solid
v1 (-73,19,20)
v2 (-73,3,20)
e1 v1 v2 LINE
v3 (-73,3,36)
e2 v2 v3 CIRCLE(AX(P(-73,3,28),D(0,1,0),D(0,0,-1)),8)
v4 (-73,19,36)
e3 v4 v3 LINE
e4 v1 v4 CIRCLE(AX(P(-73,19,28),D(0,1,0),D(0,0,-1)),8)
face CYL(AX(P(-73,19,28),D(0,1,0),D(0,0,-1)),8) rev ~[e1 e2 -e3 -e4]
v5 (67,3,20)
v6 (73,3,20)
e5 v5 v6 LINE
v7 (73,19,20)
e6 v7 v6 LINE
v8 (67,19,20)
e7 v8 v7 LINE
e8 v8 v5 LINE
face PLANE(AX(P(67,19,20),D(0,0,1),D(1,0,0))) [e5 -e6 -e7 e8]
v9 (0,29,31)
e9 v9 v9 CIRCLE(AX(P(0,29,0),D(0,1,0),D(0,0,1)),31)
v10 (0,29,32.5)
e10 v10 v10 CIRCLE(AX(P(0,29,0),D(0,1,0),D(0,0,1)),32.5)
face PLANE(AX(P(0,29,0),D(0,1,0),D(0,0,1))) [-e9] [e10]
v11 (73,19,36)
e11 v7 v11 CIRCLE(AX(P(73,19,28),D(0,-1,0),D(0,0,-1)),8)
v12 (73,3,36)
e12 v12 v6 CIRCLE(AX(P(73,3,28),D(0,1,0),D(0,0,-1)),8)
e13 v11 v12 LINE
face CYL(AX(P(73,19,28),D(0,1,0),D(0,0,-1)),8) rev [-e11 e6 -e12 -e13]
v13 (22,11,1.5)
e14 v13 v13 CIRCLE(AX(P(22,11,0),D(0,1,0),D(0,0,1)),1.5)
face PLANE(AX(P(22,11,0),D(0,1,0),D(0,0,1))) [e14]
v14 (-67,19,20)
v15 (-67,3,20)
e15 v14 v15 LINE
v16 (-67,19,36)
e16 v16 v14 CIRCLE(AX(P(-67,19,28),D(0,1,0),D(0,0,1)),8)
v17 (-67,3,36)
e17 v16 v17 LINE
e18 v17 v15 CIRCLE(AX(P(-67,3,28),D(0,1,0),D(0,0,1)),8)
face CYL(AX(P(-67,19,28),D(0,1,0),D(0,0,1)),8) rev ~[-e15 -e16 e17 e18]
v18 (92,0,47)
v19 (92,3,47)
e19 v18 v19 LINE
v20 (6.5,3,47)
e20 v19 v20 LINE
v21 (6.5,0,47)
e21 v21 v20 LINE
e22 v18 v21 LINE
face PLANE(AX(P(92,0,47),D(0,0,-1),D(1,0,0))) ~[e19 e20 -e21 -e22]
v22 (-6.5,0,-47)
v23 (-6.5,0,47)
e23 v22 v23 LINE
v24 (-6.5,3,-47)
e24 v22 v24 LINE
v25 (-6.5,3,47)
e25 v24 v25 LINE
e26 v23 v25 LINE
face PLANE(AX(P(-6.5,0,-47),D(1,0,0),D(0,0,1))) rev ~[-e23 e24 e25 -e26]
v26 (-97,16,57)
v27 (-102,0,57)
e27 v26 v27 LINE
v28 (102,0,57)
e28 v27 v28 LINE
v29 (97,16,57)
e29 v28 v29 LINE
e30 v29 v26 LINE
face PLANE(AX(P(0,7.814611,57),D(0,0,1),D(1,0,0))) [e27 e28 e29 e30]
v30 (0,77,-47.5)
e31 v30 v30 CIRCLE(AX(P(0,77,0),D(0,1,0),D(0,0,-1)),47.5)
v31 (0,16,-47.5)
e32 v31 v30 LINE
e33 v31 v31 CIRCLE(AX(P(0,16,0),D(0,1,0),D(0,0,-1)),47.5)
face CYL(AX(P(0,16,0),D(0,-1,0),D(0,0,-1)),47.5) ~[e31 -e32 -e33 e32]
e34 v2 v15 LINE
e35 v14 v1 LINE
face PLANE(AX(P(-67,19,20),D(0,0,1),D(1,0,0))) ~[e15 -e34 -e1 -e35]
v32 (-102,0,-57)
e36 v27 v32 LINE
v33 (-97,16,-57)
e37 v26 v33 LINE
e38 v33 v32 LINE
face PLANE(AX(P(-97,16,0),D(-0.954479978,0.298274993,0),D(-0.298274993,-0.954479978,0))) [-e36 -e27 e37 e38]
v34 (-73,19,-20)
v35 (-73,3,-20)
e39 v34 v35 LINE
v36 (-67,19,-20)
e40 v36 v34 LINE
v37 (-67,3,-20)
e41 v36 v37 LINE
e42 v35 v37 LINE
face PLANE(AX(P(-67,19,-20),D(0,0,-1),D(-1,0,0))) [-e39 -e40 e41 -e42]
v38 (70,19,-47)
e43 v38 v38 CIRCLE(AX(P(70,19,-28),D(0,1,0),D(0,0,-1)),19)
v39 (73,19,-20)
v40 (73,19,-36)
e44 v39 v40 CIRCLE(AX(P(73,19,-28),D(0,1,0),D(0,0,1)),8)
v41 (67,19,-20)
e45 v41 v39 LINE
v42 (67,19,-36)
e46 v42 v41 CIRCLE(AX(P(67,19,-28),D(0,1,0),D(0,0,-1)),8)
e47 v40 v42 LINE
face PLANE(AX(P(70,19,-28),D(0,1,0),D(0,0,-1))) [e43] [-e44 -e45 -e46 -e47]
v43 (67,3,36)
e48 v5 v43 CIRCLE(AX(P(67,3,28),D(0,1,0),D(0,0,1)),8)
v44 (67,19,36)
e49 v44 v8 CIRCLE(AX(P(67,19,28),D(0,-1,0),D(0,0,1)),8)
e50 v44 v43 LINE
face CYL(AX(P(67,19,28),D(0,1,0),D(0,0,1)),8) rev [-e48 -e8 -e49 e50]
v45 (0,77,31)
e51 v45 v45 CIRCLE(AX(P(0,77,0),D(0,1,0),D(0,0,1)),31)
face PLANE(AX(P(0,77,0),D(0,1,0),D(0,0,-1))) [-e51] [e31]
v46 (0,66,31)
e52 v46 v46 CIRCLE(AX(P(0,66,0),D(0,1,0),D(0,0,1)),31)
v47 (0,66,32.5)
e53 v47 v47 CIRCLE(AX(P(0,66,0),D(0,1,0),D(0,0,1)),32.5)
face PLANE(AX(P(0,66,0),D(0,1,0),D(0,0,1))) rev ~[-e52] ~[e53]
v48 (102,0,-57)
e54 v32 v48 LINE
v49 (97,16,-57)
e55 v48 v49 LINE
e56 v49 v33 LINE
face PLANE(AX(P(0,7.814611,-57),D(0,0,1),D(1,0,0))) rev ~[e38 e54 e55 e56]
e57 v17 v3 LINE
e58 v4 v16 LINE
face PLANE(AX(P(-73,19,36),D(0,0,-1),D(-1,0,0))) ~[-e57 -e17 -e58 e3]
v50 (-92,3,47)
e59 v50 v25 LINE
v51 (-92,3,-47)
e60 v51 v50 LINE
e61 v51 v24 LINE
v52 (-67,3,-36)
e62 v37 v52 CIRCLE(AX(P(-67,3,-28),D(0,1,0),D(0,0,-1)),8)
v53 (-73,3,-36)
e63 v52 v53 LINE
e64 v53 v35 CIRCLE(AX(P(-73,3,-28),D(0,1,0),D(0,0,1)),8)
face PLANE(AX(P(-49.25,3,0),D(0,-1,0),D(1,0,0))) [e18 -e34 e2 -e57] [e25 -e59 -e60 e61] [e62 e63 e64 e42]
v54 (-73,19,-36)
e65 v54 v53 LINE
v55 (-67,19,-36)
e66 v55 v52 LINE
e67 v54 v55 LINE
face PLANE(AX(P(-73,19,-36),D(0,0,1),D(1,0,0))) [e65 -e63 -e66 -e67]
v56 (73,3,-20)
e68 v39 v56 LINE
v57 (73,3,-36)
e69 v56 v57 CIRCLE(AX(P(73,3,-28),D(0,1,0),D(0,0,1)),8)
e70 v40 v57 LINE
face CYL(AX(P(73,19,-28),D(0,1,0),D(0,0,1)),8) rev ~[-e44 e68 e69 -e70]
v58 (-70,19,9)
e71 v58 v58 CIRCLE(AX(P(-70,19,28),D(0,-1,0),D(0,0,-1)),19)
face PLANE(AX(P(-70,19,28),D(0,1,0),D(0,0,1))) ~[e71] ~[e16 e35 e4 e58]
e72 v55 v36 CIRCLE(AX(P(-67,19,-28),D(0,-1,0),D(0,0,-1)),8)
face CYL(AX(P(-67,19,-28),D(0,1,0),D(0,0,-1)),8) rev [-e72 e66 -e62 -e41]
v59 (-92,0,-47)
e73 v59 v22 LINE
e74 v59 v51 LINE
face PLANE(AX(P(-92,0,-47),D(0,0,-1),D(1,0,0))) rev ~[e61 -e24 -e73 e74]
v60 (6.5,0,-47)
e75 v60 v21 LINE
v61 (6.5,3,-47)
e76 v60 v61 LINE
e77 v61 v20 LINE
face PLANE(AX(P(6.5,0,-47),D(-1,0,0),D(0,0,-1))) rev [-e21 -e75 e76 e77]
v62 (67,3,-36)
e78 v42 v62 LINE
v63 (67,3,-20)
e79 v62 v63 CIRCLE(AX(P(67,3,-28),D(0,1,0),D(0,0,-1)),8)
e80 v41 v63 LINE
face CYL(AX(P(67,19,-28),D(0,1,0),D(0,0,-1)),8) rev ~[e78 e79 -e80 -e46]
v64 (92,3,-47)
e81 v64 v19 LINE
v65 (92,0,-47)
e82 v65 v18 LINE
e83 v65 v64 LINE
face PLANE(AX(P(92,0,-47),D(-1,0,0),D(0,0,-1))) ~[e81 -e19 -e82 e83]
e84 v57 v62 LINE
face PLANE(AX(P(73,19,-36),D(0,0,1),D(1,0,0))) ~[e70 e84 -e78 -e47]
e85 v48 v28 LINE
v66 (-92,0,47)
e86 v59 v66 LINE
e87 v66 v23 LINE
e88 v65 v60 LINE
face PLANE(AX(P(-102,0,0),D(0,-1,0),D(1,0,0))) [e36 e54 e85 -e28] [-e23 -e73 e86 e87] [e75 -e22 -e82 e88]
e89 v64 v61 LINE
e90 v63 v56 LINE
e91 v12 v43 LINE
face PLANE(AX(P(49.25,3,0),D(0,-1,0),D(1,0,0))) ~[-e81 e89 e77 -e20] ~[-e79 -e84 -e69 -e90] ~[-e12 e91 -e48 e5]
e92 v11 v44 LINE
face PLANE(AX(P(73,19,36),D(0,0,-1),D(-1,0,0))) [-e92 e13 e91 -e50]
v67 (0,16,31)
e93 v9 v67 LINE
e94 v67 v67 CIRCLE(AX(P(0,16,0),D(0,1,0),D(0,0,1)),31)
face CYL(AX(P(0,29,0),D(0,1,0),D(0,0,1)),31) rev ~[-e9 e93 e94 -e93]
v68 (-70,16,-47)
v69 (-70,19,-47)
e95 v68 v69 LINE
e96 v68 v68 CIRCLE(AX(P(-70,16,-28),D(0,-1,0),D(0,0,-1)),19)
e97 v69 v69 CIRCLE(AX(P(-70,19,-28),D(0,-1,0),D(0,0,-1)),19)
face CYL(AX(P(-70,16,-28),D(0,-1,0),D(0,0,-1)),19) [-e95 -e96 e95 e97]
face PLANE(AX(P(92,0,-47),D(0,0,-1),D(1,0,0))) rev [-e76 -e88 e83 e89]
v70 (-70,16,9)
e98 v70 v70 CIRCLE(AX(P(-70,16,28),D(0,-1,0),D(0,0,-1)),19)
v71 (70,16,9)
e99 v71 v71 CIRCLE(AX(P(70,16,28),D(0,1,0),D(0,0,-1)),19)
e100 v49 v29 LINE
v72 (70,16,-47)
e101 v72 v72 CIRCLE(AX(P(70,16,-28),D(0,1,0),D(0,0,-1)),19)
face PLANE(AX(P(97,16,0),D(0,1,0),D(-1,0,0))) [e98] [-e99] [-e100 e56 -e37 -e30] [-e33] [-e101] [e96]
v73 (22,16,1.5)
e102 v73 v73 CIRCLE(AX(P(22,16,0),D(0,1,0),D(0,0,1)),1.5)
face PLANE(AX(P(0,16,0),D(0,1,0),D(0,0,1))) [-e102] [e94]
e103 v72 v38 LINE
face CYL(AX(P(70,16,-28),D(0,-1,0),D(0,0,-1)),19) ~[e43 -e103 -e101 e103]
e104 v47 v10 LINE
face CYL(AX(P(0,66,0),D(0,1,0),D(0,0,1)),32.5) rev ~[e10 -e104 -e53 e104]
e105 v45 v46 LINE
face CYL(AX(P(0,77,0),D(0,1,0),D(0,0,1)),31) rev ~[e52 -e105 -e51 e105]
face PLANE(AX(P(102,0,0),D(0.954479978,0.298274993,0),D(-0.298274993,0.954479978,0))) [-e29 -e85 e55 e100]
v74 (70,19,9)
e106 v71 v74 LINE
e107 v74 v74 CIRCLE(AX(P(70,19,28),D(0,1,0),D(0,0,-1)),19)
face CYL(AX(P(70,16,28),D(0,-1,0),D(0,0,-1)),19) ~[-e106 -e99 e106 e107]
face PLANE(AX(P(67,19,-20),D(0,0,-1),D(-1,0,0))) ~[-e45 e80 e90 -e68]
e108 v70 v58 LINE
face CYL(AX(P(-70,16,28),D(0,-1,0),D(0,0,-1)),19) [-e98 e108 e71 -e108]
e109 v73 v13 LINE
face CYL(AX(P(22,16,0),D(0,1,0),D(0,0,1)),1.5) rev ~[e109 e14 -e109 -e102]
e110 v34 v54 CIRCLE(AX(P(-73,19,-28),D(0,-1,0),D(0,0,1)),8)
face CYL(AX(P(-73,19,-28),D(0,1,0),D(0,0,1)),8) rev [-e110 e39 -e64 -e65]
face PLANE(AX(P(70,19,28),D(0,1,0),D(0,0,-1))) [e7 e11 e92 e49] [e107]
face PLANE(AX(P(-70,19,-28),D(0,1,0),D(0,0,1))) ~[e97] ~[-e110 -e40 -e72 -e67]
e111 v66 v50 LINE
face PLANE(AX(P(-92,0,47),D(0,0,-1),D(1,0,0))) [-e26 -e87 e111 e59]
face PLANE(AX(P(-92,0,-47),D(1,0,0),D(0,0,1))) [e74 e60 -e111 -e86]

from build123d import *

# Parameters (mm, degrees)
BOSS_EXTRUDE1_DEPTH  = 57
SKETCH2_W            = 85.5
SKETCH2_H            = 94
CUT_EXTRUDE1_DEPTH   = 3
SKETCH4_R            = 47.5
BOSS_EXTRUDE2_DEPTH  = 61
SKETCH6_R            = 19
BOSS_EXTRUDE4_DEPTH  = 3
CUT_EXTRUDE2_DEPTH   = 20
MIRROR4_COPY_1_DEPTH = 20
SKETCH10_R           = 31
CUT_EXTRUDE3_DEPTH   = 11
SKETCH11_R           = 32.5
CUT_EXTRUDE4_DEPTH   = 37
SKETCH12_R           = 31
CUT_EXTRUDE5_DEPTH   = 13
SKETCH13_R           = 1.5
CUT_EXTRUDE6_DEPTH   = 5


with BuildPart() as part:
    # Sketch1 → Boss-Extrude1 (new body, symmetric)
    with BuildSketch(Plane.XY):
        Polygon((-102, 0), (102, 0), (97, 16), (-97, 16), align=None)
    extrude(amount=BOSS_EXTRUDE1_DEPTH, both=True)

    # Sketch2 → Cut-Extrude1 (cut)
    with BuildSketch(Plane.XZ):
        with Locations((-49.25, 0)):
            Rectangle(SKETCH2_W, SKETCH2_H)
    cut_extrude1 = extrude(amount=-CUT_EXTRUDE1_DEPTH, mode=Mode.SUBTRACT)

    # Mirror1: Cut-Extrude1 across plane
    add(cut_extrude1.mirror(Plane(origin=(0, 0, 0), x_dir=(0, 0, 1), z_dir=(1, 0, 0))), mode=Mode.SUBTRACT)

    # Sketch4 → Boss-Extrude2 (add)
    with BuildSketch(Plane(origin=(0, 16, 0), x_dir=(1, 0, 0), z_dir=(0, 1, 0))):
        with Locations(Location((0, 0, 0), (0, 0, 90))):  # turned: the seam where the file's is
            Circle(SKETCH4_R)
    extrude(amount=BOSS_EXTRUDE2_DEPTH)

    # Sketch6 → Boss-Extrude4 (add)
    with BuildSketch(Plane(origin=(0, 16, 0), x_dir=(1, 0, 0), z_dir=(0, 1, 0))):
        with Locations(Location((70, -28, 0), (0, 0, 90))):  # turned: the seam where the file's is
            Circle(SKETCH6_R)
        with Locations(Location((70, 28, 0), (0, 0, 90))):  # turned: the seam where the file's is
            Circle(SKETCH6_R)
    boss_extrude4 = extrude(amount=BOSS_EXTRUDE4_DEPTH)

    # Sketch9 → Cut-Extrude2 (cut, through all)
    with BuildSketch(Plane(origin=(0, 19, 0), x_dir=(1, 0, 0), z_dir=(0, 1, 0))):
        with BuildLine():
            Line((73, -36), (67, -36))
            ThreePointArc((67, -36), (59, -28), (67, -20))
            Line((67, -20), (73, -20))
            ThreePointArc((73, -20), (81, -28), (73, -36))
        make_face()
    cut_extrude2 = extrude(amount=-CUT_EXTRUDE2_DEPTH, mode=Mode.SUBTRACT)

    # Mirror2: Boss-Extrude4 across plane
    add(boss_extrude4.mirror(Plane(origin=(0, 0, 0), x_dir=(0, 0, 1), z_dir=(1, 0, 0))))

    # Mirror3: Cut-Extrude2 across plane
    add(cut_extrude2.mirror(Plane.XY), mode=Mode.SUBTRACT)

    # Mirror4: Cut-Extrude2 across plane
    add(cut_extrude2.mirror(Plane(origin=(0, 0, 0), x_dir=(0, 0, 1), z_dir=(1, 0, 0))), mode=Mode.SUBTRACT)

    # Mirror4 copy 1 sketch → Mirror4 copy 1 (cut, through all)
    with BuildSketch(Plane(origin=(0, 19, 0), x_dir=(-1, 0, 0), z_dir=(0, 1, 0))):
        with BuildLine():
            Line((73, -36), (67, -36))
            ThreePointArc((67, -36), (59, -28), (67, -20))
            Line((67, -20), (73, -20))
            ThreePointArc((73, -20), (81, -28), (73, -36))
        make_face()
    extrude(amount=-MIRROR4_COPY_1_DEPTH, mode=Mode.SUBTRACT)

    # Sketch10 → Cut-Extrude3 (cut)
    with BuildSketch(Plane(origin=(0, 77, 0), x_dir=(1, 0, 0), z_dir=(0, 1, 0))):
        with Locations(Location((0, 0, 0), (0, 0, 270))):  # turned: the seam where the file's is
            Circle(SKETCH10_R)
    extrude(amount=-CUT_EXTRUDE3_DEPTH, mode=Mode.SUBTRACT)

    # Sketch11 → Cut-Extrude4 (cut)
    with BuildSketch(Plane(origin=(0, 66, 0), x_dir=(1, 0, 0), z_dir=(0, 1, 0))):
        with Locations(Location((0, 0, 0), (0, 0, 270))):  # turned: the seam where the file's is
            Circle(SKETCH11_R)
    extrude(amount=-CUT_EXTRUDE4_DEPTH, mode=Mode.SUBTRACT)

    # Sketch12 → Cut-Extrude5 (cut)
    with BuildSketch(Plane(origin=(0, 29, 0), x_dir=(1, 0, 0), z_dir=(0, 1, 0))):
        with Locations(Location((0, 0, 0), (0, 0, 270))):  # turned: the seam where the file's is
            Circle(SKETCH12_R)
    extrude(amount=-CUT_EXTRUDE5_DEPTH, mode=Mode.SUBTRACT)

    # Sketch13 → Cut-Extrude6 (cut)
    with BuildSketch(Plane(origin=(0, 16, 0), x_dir=(1, 0, 0), z_dir=(0, 1, 0))):
        with Locations(Location((22, 0, 0), (0, 0, 270))):  # turned: the seam where the file's is
            Circle(SKETCH13_R)
    extrude(amount=-CUT_EXTRUDE6_DEPTH, mode=Mode.SUBTRACT)


solid = part.part
